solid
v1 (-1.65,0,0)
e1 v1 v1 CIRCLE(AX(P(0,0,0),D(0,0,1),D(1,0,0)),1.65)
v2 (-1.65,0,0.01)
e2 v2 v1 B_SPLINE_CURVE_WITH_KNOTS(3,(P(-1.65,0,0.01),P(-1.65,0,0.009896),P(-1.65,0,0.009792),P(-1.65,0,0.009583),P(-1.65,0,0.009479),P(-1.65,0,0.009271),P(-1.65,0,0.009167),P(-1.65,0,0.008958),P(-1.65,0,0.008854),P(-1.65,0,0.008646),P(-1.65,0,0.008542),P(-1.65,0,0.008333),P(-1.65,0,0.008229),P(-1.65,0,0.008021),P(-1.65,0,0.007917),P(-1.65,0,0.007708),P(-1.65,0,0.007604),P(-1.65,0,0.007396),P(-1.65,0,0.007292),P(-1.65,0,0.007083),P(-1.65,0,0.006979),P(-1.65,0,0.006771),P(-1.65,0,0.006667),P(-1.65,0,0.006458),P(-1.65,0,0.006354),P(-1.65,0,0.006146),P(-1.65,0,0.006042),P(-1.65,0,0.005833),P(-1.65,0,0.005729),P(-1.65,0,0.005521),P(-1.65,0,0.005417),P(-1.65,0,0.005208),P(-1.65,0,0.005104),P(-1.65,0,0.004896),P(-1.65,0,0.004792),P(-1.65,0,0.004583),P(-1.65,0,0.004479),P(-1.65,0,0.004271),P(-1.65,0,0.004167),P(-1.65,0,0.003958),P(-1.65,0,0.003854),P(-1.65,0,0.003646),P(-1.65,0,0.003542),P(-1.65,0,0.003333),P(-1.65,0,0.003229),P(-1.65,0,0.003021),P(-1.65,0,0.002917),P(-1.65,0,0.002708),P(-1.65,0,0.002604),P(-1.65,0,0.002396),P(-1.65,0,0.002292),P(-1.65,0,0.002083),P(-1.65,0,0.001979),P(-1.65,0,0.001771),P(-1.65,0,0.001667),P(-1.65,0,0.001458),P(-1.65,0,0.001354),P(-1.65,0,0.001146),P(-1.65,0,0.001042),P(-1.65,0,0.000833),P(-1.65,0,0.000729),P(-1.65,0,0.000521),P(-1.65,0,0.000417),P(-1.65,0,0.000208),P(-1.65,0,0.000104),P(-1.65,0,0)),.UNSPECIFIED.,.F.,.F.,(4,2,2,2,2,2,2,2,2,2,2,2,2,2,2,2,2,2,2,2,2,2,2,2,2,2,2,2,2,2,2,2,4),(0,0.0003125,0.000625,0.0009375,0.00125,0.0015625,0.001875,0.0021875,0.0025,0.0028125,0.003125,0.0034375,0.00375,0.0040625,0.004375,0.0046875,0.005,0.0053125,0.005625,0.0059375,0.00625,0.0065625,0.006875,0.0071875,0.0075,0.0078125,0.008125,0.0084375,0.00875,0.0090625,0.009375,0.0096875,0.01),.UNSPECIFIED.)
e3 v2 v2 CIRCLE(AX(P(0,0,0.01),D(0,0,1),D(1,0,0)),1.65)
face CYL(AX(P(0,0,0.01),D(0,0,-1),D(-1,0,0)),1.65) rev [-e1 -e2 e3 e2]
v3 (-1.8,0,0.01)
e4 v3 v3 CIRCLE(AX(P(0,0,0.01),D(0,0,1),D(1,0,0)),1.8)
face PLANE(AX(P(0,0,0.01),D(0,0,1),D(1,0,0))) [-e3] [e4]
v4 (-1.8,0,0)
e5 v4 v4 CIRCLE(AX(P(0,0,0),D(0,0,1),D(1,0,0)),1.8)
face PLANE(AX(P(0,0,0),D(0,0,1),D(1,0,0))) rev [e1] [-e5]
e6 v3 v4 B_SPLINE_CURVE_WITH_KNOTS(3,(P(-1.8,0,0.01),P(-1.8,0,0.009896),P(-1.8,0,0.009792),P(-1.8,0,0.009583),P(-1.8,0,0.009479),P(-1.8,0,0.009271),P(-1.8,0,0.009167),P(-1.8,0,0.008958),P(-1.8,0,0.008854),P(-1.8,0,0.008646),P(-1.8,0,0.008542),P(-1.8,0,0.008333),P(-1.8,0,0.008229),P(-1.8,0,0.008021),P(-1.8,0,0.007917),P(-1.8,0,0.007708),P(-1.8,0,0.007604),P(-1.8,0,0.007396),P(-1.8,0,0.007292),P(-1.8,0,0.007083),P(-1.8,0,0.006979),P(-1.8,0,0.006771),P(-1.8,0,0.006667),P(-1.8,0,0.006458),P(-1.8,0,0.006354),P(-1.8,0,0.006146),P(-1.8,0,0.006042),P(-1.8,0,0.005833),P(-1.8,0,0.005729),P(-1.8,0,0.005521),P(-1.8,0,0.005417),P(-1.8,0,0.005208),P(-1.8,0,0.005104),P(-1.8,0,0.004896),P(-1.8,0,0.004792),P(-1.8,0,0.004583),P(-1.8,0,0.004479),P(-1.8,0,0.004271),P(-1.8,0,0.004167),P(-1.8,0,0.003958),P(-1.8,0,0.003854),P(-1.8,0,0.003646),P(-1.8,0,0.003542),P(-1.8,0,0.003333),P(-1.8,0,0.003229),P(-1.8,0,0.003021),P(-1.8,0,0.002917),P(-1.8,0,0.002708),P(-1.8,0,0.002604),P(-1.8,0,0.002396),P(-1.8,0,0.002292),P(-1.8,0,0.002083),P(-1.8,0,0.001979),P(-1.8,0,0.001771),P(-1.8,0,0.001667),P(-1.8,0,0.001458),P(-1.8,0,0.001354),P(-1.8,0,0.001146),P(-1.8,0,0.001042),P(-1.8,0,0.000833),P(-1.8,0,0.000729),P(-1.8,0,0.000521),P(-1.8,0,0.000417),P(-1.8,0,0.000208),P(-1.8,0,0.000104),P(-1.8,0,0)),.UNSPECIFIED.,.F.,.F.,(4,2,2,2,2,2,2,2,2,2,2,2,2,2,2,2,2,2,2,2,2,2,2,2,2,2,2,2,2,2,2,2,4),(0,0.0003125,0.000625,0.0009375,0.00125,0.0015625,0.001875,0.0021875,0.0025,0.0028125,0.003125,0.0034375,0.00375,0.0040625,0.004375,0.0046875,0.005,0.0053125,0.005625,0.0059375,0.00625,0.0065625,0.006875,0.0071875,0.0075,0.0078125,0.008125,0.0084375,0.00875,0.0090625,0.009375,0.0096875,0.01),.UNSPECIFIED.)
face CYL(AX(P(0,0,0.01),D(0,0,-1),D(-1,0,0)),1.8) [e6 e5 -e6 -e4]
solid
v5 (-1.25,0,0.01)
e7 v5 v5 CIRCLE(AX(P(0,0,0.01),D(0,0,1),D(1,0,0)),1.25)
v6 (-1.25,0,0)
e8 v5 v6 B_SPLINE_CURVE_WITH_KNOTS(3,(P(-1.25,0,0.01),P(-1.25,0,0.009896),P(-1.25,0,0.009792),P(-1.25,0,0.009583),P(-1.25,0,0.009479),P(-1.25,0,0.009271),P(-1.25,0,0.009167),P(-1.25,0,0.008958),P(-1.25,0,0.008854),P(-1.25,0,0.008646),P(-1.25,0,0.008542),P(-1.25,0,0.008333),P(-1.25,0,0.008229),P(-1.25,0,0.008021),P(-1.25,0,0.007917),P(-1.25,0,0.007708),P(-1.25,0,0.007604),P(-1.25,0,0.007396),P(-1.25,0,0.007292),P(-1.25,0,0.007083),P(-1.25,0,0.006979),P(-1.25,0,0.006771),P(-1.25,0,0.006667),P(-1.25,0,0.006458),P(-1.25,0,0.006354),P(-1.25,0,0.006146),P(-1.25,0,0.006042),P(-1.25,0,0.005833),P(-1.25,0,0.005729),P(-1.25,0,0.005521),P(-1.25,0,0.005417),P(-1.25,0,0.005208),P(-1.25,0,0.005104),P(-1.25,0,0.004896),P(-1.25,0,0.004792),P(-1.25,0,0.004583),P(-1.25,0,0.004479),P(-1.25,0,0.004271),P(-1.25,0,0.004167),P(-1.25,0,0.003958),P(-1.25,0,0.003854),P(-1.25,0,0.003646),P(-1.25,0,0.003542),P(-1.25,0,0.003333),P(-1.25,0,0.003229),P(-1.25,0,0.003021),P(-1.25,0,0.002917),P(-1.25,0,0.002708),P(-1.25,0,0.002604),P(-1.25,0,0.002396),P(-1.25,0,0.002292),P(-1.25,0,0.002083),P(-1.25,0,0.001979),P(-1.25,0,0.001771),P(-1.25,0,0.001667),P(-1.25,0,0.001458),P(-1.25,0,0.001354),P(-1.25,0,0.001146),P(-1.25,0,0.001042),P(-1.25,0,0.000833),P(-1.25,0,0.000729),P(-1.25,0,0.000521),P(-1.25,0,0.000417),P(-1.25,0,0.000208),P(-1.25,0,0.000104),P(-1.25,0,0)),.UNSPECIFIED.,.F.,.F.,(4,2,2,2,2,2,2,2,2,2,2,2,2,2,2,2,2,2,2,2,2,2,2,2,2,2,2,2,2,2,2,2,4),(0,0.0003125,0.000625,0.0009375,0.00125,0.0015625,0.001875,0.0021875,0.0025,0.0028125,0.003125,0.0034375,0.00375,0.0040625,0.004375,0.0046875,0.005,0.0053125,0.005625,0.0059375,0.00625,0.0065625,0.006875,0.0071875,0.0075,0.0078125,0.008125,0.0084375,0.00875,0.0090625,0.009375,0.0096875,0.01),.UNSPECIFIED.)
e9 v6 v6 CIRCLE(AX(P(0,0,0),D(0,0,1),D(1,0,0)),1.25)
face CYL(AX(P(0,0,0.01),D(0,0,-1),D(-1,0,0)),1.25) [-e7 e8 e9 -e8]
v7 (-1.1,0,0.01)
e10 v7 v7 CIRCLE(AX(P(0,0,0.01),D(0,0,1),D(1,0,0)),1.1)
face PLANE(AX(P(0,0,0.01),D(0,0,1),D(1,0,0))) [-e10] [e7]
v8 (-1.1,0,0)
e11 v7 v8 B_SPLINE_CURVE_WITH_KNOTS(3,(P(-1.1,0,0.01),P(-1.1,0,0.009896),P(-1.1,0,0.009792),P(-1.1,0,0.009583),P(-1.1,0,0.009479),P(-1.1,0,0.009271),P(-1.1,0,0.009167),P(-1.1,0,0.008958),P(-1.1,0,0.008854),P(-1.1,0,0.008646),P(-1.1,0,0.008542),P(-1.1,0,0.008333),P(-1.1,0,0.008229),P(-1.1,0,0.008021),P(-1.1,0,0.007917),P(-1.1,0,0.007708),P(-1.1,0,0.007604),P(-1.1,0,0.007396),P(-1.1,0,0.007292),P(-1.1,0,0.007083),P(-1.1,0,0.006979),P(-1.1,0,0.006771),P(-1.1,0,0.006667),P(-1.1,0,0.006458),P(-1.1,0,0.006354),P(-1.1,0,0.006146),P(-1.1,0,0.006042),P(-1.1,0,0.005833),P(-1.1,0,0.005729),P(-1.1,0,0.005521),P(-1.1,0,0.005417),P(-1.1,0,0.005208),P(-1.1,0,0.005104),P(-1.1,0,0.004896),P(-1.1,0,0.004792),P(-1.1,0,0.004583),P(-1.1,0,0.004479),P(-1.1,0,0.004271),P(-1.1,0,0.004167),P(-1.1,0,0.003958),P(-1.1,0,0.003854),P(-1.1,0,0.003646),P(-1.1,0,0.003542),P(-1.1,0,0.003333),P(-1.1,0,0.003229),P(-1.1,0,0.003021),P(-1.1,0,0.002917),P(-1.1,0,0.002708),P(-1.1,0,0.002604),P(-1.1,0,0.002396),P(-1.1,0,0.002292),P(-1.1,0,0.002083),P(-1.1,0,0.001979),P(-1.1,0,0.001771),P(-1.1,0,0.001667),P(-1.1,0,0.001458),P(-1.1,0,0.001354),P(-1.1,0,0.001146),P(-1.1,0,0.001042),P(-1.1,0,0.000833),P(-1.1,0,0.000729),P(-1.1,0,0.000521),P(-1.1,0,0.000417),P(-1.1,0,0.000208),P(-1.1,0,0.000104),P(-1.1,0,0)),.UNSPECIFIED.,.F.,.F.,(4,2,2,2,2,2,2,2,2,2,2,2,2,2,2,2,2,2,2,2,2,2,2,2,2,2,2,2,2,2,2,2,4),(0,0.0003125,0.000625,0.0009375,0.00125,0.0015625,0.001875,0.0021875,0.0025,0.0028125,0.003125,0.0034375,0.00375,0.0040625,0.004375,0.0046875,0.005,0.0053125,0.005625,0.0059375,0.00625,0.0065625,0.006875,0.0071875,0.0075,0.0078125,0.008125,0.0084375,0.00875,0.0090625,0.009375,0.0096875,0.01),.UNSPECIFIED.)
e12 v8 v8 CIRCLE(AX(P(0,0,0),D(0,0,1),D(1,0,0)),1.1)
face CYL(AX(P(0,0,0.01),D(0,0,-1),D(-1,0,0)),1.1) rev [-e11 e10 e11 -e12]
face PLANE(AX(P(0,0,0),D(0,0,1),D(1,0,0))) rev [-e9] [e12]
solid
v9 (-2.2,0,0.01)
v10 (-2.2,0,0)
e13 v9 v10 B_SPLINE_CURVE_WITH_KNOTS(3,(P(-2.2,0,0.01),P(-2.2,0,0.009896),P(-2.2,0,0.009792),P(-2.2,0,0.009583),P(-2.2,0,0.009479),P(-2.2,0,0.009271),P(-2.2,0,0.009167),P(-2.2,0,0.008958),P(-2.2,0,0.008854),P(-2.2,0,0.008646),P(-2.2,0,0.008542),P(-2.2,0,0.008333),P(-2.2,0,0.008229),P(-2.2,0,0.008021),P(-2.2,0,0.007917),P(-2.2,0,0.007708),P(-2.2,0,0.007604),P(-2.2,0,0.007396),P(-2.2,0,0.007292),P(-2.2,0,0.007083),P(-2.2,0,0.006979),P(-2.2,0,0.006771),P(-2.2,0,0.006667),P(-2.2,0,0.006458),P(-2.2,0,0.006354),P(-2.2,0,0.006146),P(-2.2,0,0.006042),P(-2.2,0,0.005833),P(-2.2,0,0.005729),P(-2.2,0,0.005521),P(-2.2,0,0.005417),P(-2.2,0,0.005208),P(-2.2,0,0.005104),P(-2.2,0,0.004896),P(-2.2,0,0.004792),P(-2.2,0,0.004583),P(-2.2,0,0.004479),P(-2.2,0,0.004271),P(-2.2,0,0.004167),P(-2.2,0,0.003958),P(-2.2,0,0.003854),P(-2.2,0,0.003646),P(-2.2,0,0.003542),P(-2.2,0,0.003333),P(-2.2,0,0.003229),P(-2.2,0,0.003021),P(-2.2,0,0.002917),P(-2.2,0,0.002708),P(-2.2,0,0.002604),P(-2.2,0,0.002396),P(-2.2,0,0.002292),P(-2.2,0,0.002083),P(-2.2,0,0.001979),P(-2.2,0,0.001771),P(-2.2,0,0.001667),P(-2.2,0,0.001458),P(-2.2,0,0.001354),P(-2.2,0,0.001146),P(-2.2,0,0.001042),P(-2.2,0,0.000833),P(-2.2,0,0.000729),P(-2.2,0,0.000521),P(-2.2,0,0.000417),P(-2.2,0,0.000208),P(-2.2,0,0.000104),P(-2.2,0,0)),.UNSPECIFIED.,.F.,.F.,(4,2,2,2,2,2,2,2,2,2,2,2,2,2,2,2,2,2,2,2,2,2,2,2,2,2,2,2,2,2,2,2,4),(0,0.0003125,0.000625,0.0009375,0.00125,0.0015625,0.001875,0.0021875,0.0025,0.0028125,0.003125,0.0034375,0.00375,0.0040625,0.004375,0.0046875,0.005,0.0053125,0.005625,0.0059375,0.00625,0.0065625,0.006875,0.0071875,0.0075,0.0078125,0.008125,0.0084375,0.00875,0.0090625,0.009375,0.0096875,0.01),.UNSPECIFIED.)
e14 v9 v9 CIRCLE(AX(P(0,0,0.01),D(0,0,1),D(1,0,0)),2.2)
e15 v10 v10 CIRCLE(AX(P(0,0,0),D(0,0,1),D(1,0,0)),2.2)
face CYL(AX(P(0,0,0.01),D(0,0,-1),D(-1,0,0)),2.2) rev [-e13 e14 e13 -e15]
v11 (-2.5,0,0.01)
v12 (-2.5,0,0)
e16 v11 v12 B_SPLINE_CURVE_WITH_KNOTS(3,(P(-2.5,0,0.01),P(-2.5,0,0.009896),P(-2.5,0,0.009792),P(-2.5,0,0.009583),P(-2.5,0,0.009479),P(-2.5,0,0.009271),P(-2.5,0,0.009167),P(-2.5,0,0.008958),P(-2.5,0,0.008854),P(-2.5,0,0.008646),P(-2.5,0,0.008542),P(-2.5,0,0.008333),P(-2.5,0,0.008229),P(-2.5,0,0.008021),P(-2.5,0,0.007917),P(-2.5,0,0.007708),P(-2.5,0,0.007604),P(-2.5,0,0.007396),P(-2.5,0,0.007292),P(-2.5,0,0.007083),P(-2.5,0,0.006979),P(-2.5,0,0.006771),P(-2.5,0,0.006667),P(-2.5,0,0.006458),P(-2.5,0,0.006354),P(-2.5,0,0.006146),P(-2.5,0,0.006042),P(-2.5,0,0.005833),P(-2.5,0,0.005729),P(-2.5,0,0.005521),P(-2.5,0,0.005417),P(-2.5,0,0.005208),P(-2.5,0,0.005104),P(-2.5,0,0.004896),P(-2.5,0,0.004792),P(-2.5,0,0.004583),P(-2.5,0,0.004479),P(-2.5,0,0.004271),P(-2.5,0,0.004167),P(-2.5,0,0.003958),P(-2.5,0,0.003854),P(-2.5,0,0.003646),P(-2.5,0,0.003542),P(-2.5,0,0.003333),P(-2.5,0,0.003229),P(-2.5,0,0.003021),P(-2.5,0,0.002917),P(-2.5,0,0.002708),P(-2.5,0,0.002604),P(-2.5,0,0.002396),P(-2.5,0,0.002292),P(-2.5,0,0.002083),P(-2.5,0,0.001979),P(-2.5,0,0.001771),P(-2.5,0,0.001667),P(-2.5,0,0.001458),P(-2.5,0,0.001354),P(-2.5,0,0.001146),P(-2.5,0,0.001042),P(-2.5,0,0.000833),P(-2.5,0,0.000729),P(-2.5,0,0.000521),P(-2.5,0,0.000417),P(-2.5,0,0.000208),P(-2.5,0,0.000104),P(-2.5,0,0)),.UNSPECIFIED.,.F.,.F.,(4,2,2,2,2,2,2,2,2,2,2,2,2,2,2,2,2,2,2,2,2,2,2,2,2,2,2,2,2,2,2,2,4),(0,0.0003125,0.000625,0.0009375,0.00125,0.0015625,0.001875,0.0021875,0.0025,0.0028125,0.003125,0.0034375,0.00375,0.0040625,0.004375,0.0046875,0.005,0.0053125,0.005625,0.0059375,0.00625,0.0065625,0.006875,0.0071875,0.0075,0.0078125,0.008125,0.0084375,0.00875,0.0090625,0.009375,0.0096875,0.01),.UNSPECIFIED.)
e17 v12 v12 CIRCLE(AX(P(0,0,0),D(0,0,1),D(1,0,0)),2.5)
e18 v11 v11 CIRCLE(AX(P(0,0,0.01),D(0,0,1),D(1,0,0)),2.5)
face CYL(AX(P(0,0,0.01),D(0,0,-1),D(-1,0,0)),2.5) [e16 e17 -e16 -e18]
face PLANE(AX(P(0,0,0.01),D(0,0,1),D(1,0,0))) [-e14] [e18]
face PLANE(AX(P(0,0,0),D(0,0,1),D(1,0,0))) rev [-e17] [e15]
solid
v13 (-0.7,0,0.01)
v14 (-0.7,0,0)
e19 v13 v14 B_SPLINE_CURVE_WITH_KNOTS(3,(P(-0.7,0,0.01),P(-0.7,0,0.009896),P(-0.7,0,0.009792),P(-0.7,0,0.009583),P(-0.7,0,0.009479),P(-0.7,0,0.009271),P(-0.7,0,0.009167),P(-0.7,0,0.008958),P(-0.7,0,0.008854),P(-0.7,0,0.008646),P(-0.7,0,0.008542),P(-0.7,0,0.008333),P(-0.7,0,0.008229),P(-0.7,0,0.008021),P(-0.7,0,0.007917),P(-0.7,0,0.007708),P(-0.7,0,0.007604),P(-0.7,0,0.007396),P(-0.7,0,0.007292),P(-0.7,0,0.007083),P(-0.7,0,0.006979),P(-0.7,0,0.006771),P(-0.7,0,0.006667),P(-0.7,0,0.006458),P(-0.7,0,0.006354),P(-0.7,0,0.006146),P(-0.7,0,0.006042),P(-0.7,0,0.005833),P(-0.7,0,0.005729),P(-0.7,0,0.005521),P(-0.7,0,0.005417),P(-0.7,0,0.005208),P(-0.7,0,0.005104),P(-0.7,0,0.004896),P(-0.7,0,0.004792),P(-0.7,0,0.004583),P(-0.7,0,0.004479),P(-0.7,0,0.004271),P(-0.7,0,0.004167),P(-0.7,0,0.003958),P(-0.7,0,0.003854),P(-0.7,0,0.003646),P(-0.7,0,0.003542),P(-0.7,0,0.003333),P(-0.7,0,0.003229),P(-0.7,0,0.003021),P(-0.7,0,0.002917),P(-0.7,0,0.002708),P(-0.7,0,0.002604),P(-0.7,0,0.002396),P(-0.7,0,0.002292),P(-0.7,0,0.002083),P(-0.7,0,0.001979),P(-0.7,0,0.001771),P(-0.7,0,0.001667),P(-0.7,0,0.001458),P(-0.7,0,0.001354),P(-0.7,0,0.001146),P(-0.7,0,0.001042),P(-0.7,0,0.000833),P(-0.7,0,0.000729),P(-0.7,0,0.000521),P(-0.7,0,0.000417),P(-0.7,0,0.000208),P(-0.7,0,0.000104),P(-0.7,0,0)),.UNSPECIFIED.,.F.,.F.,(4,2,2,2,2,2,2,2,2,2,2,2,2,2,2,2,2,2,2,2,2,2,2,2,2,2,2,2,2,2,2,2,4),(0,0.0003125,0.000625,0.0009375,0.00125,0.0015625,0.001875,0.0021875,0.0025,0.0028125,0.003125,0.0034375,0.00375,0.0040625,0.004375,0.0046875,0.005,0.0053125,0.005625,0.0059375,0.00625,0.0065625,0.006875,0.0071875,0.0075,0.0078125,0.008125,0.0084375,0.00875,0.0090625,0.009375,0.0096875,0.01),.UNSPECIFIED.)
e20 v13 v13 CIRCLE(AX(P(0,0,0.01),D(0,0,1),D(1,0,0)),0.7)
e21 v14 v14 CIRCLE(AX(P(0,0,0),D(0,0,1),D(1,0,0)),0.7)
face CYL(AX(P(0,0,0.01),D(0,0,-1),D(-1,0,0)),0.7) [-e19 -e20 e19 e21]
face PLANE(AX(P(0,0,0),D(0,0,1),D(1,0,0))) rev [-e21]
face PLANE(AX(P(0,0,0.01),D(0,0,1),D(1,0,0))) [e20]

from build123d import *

# Parameters (mm, degrees)
SKETCH_1_R        = 2.5
SKETCH_1_R_2      = 2.2
EXTRUDE_1_DEPTH   = 0.01
SKETCH_1_R_3      = 1.8
SKETCH_1_R_4      = 1.65
EXTRUDE_1_2_DEPTH = 0.01
SKETCH_1_R_5      = 1.25
SKETCH_1_R_6      = 1.1
EXTRUDE_1_3_DEPTH = 0.01
SKETCH_1_R_7      = 0.7
EXTRUDE_1_4_DEPTH = 0.01


with BuildPart() as part:
    # Эскиз1 → Бобышка-Вытянуть1 (new body)
    with BuildSketch(Plane.XY):
        with Locations(Location((0, 0, 0), (0, 0, 180))):
            Circle(SKETCH_1_R)
        with Locations(Location((0, 0, 0), (0, 0, 180))):
            Circle(SKETCH_1_R_2, mode=Mode.SUBTRACT)
    extrude(amount=EXTRUDE_1_DEPTH)


with BuildPart() as body_2:
    # Эскиз1 → Extrude 1 2 (new body)
    with BuildSketch(Plane.XY):
        with Locations(Location((0, 0, 0), (0, 0, 180))):
            Circle(SKETCH_1_R_3)
        with Locations(Location((0, 0, 0), (0, 0, 180))):
            Circle(SKETCH_1_R_4, mode=Mode.SUBTRACT)
    extrude(amount=EXTRUDE_1_2_DEPTH)


with BuildPart() as body_3:
    # Эскиз1 → Extrude 1 3 (new body)
    with BuildSketch(Plane.XY):
        with Locations(Location((0, 0, 0), (0, 0, 180))):
            Circle(SKETCH_1_R_5)
        with Locations(Location((0, 0, 0), (0, 0, 180))):
            Circle(SKETCH_1_R_6, mode=Mode.SUBTRACT)
    extrude(amount=EXTRUDE_1_3_DEPTH)


with BuildPart() as body_4:
    # Эскиз1 → Extrude 1 4 (new body)
    with BuildSketch(Plane.XY):
        with Locations(Location((0, 0, 0), (0, 0, 180))):
            Circle(SKETCH_1_R_7)
    extrude(amount=EXTRUDE_1_4_DEPTH)


solid = Compound([part.part, body_2.part, body_3.part, body_4.part])
